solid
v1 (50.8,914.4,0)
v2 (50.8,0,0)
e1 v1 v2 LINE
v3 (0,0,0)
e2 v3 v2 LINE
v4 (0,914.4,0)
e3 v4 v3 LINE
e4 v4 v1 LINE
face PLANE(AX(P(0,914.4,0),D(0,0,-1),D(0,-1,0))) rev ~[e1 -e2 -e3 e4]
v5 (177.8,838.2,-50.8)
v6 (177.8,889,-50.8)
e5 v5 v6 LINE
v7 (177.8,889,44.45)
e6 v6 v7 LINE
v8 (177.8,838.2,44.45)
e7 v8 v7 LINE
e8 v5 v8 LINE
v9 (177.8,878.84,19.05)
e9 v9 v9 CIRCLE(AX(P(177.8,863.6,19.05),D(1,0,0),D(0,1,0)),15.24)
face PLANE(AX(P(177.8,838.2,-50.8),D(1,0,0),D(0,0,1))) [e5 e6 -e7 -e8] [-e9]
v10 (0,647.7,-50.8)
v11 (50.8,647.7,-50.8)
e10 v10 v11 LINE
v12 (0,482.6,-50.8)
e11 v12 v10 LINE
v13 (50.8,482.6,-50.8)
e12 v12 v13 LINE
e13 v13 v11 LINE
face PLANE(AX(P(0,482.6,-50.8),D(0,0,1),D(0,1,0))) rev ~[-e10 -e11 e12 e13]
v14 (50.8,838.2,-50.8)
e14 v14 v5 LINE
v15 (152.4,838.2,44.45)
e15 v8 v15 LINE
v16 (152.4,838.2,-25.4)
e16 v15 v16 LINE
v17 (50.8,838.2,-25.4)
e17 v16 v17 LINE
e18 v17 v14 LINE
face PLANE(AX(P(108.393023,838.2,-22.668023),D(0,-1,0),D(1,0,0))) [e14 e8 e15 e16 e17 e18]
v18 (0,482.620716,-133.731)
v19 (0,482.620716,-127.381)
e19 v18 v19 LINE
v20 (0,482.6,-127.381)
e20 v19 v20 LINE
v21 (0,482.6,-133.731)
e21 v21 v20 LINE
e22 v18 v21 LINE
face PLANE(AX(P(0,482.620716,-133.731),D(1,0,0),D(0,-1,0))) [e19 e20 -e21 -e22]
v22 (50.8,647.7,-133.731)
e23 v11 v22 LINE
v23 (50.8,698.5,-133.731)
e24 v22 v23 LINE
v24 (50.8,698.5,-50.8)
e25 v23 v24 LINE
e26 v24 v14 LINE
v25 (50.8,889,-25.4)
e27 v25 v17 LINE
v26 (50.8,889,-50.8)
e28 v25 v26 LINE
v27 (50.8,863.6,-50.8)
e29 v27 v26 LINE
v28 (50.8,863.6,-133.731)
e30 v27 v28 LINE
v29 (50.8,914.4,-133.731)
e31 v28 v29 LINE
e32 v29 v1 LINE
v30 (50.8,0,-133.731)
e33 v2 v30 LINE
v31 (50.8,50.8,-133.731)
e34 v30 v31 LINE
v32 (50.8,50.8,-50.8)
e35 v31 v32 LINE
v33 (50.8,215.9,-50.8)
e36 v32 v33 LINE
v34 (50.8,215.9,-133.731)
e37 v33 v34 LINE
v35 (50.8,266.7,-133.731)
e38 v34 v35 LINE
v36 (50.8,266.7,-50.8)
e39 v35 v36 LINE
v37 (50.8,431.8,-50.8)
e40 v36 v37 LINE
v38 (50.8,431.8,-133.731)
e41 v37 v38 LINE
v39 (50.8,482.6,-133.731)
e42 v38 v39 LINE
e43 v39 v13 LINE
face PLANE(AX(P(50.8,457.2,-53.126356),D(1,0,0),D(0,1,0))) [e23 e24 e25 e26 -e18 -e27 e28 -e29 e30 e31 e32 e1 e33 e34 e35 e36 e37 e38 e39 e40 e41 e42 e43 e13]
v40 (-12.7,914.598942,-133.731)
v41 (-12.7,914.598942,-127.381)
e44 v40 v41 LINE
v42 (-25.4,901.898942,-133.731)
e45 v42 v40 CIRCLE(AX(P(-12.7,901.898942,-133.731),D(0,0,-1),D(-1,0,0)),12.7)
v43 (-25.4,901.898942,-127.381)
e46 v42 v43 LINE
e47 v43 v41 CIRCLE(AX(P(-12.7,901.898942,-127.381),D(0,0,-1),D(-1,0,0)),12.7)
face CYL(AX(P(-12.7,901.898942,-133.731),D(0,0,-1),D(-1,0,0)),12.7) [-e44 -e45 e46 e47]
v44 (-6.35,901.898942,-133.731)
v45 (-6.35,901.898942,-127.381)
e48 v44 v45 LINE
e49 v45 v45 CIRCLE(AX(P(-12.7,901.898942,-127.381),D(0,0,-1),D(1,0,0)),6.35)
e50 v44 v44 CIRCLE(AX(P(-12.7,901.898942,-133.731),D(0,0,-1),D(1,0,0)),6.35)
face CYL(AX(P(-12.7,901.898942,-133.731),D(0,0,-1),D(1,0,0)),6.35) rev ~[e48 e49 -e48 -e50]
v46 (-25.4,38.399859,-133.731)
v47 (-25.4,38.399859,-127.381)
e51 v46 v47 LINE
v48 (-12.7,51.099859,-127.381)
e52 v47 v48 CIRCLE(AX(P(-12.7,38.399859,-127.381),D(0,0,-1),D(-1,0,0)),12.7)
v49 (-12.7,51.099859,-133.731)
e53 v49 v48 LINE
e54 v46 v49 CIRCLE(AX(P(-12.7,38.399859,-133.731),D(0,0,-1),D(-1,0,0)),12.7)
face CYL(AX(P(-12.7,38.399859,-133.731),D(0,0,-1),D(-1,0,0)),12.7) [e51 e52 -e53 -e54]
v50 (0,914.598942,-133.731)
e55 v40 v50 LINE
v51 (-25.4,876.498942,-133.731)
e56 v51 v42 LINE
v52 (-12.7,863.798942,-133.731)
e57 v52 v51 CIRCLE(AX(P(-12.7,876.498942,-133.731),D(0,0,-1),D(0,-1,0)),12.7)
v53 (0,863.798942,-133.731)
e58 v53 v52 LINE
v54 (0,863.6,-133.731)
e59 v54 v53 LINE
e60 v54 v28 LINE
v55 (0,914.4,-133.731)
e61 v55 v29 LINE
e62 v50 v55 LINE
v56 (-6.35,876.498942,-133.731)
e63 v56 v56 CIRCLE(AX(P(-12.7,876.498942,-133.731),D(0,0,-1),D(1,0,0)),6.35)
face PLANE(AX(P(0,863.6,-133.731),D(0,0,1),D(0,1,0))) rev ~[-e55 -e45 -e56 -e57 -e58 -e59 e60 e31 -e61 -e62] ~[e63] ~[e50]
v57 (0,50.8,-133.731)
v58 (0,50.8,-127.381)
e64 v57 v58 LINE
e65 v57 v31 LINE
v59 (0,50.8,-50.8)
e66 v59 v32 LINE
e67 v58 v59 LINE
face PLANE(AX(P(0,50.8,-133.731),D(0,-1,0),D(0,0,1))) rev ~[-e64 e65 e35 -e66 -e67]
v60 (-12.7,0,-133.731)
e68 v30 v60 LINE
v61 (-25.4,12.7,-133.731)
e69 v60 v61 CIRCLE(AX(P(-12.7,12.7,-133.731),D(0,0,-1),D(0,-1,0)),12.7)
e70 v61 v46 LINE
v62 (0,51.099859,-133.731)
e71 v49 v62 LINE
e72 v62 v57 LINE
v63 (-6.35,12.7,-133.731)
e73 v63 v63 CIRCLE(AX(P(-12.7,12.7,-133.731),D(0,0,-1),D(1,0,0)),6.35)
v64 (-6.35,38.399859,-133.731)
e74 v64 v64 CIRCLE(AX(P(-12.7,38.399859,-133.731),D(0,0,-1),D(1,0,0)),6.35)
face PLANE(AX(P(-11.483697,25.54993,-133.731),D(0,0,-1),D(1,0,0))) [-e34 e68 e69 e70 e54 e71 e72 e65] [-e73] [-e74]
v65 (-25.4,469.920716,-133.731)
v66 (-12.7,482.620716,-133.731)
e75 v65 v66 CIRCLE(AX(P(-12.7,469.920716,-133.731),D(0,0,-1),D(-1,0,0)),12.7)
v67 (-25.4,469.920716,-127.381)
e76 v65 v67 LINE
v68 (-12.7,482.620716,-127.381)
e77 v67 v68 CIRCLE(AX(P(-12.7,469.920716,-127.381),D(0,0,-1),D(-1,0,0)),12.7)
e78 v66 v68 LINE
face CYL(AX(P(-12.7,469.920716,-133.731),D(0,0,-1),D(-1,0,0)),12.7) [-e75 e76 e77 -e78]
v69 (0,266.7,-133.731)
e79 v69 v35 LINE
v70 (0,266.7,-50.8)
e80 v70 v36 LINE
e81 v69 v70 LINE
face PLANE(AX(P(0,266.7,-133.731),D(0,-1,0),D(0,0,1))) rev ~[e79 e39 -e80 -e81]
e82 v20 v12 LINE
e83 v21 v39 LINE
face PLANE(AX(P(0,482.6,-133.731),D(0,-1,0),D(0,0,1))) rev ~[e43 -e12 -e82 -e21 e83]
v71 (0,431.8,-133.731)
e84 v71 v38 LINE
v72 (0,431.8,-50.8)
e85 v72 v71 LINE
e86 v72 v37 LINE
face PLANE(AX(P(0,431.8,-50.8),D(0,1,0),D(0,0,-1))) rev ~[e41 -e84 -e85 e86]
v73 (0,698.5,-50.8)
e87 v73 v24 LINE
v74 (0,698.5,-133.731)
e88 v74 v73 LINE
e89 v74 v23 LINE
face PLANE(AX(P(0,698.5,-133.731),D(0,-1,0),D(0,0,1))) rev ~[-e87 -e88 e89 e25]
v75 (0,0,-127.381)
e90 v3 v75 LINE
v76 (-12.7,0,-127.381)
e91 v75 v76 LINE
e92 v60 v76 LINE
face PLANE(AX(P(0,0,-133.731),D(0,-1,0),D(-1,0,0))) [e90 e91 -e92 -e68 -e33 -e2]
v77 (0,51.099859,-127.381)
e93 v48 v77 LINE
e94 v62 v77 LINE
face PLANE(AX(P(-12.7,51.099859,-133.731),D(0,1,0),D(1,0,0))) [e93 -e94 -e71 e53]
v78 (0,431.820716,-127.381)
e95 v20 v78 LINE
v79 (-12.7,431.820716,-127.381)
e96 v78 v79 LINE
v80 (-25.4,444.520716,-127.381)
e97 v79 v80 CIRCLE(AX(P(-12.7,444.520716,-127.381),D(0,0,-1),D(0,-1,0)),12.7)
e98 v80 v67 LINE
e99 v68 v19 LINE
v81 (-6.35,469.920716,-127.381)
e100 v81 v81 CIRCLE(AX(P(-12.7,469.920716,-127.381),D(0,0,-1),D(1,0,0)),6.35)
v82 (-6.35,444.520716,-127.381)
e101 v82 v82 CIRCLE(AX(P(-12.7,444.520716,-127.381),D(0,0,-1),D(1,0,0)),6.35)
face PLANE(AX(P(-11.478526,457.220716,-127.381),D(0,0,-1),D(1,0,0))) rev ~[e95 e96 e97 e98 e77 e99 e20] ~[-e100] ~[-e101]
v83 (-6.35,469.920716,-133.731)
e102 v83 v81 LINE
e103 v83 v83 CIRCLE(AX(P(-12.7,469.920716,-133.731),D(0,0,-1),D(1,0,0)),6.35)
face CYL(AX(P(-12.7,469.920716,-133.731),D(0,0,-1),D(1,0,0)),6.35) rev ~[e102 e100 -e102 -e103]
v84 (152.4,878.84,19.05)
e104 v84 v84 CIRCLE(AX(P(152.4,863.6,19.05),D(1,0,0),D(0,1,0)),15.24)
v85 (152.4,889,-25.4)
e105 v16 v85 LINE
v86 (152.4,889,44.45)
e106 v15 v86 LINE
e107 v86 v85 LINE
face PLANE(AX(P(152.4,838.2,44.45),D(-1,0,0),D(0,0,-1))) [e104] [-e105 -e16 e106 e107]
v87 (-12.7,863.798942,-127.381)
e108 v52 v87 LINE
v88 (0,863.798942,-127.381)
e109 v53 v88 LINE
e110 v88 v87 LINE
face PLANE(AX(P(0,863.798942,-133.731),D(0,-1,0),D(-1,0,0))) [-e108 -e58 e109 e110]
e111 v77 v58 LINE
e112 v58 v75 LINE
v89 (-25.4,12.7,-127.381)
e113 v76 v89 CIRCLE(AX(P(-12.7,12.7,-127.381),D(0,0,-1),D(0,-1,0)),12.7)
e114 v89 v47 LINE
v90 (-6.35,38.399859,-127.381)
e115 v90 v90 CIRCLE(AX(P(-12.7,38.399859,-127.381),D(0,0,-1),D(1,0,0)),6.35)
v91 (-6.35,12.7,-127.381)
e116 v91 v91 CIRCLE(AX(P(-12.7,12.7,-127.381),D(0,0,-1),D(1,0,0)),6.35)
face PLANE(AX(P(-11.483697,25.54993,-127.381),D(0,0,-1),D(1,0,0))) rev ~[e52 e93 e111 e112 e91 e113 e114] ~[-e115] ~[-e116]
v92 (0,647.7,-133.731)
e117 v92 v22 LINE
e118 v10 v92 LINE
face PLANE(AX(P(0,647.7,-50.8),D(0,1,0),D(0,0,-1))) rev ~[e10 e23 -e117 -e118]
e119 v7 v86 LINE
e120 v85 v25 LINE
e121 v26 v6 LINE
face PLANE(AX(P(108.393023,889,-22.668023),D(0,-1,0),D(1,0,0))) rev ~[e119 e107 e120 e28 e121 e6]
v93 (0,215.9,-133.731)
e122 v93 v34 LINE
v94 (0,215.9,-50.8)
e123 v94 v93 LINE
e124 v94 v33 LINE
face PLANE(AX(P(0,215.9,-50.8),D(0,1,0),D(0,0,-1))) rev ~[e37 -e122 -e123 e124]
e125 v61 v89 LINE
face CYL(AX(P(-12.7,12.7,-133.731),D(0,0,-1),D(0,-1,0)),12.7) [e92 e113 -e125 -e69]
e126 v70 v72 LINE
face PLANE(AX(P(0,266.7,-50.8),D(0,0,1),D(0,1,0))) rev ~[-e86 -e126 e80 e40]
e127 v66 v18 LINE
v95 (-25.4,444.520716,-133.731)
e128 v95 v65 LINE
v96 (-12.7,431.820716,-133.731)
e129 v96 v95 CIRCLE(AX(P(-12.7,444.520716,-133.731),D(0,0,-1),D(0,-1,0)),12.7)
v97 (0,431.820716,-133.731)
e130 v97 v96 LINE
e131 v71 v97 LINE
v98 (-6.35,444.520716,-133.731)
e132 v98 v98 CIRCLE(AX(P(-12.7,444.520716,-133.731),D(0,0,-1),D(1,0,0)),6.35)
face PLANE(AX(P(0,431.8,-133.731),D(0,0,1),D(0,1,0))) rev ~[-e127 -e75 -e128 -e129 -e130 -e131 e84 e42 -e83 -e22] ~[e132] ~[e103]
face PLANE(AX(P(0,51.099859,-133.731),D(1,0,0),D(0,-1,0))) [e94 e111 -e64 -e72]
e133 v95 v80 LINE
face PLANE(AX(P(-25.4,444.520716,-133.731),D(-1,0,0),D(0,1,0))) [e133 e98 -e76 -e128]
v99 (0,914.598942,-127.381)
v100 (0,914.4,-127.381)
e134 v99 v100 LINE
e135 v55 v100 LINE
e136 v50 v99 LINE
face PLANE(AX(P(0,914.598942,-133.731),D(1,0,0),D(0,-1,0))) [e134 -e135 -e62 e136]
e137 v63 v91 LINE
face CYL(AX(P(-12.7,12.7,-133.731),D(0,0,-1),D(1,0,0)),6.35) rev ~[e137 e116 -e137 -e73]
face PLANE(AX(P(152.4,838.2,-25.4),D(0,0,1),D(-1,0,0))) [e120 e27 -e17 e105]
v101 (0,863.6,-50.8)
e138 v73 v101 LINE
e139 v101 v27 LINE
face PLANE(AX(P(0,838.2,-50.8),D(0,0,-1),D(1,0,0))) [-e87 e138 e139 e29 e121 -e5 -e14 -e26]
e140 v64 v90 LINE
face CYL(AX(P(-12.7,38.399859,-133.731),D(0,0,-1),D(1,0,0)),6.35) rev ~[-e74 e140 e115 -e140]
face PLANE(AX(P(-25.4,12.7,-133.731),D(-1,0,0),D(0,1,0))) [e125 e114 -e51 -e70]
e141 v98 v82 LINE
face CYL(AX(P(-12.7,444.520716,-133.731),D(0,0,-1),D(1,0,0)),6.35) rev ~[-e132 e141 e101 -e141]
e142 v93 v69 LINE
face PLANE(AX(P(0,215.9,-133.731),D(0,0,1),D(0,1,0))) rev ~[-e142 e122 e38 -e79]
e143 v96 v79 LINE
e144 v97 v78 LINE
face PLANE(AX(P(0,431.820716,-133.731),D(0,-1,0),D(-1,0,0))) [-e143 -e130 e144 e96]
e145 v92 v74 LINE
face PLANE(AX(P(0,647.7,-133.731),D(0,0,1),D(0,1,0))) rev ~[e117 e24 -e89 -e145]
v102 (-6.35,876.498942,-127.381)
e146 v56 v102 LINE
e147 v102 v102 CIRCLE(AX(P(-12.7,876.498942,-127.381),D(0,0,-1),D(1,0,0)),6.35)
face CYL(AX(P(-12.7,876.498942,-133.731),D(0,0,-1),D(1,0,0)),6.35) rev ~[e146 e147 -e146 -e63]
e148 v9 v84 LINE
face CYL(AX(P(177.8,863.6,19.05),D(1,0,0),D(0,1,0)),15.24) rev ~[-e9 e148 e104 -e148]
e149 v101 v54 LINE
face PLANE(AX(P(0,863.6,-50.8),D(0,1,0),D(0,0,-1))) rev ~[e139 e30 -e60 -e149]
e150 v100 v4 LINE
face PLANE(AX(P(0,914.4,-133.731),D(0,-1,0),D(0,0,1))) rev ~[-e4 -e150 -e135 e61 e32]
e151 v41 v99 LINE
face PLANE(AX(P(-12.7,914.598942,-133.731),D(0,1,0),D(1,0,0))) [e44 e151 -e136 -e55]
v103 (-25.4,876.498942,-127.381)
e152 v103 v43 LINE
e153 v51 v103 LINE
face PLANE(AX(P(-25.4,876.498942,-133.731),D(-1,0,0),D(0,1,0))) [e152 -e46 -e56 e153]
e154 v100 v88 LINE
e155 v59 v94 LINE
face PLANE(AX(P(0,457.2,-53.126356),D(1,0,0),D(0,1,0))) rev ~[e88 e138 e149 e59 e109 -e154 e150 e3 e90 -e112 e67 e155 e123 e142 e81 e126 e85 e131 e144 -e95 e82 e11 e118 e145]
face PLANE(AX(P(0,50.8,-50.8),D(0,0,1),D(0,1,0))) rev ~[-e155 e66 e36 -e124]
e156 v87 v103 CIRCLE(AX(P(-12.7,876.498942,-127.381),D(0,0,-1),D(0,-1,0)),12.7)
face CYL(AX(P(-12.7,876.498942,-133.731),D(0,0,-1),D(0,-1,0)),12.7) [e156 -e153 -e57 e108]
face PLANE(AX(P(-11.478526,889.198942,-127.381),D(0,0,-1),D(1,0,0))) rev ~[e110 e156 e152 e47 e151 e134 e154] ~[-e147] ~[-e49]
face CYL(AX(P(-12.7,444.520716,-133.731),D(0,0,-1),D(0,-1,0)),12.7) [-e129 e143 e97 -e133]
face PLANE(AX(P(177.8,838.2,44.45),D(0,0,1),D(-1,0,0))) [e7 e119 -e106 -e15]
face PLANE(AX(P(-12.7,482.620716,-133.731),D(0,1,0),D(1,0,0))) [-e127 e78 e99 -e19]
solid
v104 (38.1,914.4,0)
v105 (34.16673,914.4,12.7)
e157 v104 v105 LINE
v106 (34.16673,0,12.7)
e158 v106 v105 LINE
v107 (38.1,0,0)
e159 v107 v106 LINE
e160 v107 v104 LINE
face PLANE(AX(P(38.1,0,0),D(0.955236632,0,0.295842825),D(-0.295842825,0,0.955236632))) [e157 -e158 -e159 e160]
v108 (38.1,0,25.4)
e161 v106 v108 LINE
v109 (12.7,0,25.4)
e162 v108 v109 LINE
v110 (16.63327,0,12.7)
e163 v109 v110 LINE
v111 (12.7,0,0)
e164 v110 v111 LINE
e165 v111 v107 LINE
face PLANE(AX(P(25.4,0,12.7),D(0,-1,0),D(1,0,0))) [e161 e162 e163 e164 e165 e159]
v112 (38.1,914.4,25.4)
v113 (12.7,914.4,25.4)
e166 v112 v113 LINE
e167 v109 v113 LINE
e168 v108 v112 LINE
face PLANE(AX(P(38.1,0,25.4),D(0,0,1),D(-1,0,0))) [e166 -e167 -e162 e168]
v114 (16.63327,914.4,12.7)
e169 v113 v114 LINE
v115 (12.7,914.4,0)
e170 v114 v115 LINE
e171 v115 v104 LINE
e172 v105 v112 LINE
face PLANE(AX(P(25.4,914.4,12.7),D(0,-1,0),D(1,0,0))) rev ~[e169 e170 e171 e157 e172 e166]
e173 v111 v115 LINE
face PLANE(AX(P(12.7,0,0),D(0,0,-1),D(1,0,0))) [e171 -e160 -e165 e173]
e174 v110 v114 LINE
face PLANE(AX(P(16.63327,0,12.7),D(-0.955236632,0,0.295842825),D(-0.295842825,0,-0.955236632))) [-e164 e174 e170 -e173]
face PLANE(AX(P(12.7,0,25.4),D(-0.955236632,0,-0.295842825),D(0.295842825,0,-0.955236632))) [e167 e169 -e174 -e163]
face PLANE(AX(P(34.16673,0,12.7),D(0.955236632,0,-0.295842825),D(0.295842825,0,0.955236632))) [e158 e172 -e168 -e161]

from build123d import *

# Parameters (mm, degrees)
F1_DEPTH  = 50.8
F3_DEPTH  = 914.4
F6_DEPTH  = 50.8
F8_R      = 6.35
F9_DEPTH  = 6.35
F11_R     = 15.24
F12_DEPTH = 25.4


with BuildPart() as f1:
    # F0 (on Right) → F1 (new body)
    with BuildSketch(Plane.YZ):
        Polygon((914.4, 0), (0, 0), (0, -133.731), (50.8, -133.731), (50.8, -50.8), (215.9, -50.8), (215.9, -133.731), (266.7, -133.731), (266.7, -50.8), (431.8, -50.8), (431.8, -133.731), (482.6, -133.731), (482.6, -50.8), (647.7, -50.8), (647.7, -133.731), (698.5, -133.731), (698.5, -50.8), (863.6, -50.8), (863.6, -133.731), (914.4, -133.731), align=None)
    extrude(amount=F1_DEPTH)

    # F5 (on offset) → F6 (join)
    with BuildSketch(Plane.XZ.offset(-838.2)):
        Polygon((152.4, 44.45), (152.4, -25.4), (0, -25.4), (0, -50.8), (177.8, -50.8), (177.8, 44.45), align=None)
    extrude(amount=-F6_DEPTH)

    # F8 (on offset) → F9 (join)
    with BuildSketch(Plane(origin=(0, 0, -133.731), x_dir=(1, 0, 0), z_dir=(0, 0, -1))):
        with BuildLine():
            Line((0, -51.0998591781), (0, 0))
            Line((0, 0), (-12.7, 0))
            ThreePointArc((-12.7, 0), (-21.6802561211, -3.7197438789), (-25.4, -12.7))
            Line((-25.4, -12.7), (-25.4, -38.3998591781))
            ThreePointArc((-25.4, -38.3998591781), (-21.6802561211, -47.3801152991), (-12.7, -51.0998591781))
            Line((-12.7, -51.0998591781), (0, -51.0998591781))
        make_face()
        with Locations((-12.7, -38.3998591781)):
            Circle(F8_R, mode=Mode.SUBTRACT)
        with Locations((-12.7, -12.7)):
            Circle(F8_R, mode=Mode.SUBTRACT)
        with BuildLine():
            Line((0, -914.598941803), (0, -863.798941803))
            Line((0, -863.798941803), (-12.7, -863.798941803))
            ThreePointArc((-12.7, -863.798941803), (-21.6802561211, -867.5186856819), (-25.4, -876.498941803))
            Line((-25.4, -876.498941803), (-25.4, -901.898941803))
            ThreePointArc((-25.4, -901.898941803), (-21.6802561211, -910.879197924), (-12.7, -914.598941803))
            Line((-12.7, -914.598941803), (0, -914.598941803))
        make_face()
        with Locations((-12.7, -901.898941803)):
            Circle(F8_R, mode=Mode.SUBTRACT)
        with Locations((-12.7, -876.498941803)):
            Circle(F8_R, mode=Mode.SUBTRACT)
        with BuildLine():
            Line((0, -482.620716095), (0, -431.820716095))
            Line((0, -431.820716095), (-12.7, -431.820716095))
            ThreePointArc((-12.7, -431.820716095), (-21.6802561211, -435.5404599739), (-25.4, -444.520716095))
            Line((-25.4, -444.520716095), (-25.4, -469.920716095))
            ThreePointArc((-25.4, -469.920716095), (-21.6802561211, -478.900972216), (-12.7, -482.620716095))
            Line((-12.7, -482.620716095), (0, -482.620716095))
        make_face()
        with Locations((-12.7, -469.920716095)):
            Circle(F8_R, mode=Mode.SUBTRACT)
        with Locations((-12.7, -444.520716095)):
            Circle(F8_R, mode=Mode.SUBTRACT)
    extrude(amount=-F9_DEPTH)

    # F11 (on offset) → F12 (cut)
    with BuildSketch(Plane.YZ.offset(177.8)):
        with Locations((863.6, 19.05)):
            Circle(F11_R)
    extrude(amount=-F12_DEPTH, mode=Mode.SUBTRACT)


with BuildPart() as f3:
    # F2 (on Front) → F3 (new body)
    with BuildSketch(Plane.XZ):
        Polygon((16.6332703084, 12.7), (12.7, 0), (38.1, 0), (34.1667296916, 12.7), (38.1, 25.4), (12.7, 25.4), align=None)
    extrude(amount=-F3_DEPTH)


solid = Compound([f1.part, f3.part])
